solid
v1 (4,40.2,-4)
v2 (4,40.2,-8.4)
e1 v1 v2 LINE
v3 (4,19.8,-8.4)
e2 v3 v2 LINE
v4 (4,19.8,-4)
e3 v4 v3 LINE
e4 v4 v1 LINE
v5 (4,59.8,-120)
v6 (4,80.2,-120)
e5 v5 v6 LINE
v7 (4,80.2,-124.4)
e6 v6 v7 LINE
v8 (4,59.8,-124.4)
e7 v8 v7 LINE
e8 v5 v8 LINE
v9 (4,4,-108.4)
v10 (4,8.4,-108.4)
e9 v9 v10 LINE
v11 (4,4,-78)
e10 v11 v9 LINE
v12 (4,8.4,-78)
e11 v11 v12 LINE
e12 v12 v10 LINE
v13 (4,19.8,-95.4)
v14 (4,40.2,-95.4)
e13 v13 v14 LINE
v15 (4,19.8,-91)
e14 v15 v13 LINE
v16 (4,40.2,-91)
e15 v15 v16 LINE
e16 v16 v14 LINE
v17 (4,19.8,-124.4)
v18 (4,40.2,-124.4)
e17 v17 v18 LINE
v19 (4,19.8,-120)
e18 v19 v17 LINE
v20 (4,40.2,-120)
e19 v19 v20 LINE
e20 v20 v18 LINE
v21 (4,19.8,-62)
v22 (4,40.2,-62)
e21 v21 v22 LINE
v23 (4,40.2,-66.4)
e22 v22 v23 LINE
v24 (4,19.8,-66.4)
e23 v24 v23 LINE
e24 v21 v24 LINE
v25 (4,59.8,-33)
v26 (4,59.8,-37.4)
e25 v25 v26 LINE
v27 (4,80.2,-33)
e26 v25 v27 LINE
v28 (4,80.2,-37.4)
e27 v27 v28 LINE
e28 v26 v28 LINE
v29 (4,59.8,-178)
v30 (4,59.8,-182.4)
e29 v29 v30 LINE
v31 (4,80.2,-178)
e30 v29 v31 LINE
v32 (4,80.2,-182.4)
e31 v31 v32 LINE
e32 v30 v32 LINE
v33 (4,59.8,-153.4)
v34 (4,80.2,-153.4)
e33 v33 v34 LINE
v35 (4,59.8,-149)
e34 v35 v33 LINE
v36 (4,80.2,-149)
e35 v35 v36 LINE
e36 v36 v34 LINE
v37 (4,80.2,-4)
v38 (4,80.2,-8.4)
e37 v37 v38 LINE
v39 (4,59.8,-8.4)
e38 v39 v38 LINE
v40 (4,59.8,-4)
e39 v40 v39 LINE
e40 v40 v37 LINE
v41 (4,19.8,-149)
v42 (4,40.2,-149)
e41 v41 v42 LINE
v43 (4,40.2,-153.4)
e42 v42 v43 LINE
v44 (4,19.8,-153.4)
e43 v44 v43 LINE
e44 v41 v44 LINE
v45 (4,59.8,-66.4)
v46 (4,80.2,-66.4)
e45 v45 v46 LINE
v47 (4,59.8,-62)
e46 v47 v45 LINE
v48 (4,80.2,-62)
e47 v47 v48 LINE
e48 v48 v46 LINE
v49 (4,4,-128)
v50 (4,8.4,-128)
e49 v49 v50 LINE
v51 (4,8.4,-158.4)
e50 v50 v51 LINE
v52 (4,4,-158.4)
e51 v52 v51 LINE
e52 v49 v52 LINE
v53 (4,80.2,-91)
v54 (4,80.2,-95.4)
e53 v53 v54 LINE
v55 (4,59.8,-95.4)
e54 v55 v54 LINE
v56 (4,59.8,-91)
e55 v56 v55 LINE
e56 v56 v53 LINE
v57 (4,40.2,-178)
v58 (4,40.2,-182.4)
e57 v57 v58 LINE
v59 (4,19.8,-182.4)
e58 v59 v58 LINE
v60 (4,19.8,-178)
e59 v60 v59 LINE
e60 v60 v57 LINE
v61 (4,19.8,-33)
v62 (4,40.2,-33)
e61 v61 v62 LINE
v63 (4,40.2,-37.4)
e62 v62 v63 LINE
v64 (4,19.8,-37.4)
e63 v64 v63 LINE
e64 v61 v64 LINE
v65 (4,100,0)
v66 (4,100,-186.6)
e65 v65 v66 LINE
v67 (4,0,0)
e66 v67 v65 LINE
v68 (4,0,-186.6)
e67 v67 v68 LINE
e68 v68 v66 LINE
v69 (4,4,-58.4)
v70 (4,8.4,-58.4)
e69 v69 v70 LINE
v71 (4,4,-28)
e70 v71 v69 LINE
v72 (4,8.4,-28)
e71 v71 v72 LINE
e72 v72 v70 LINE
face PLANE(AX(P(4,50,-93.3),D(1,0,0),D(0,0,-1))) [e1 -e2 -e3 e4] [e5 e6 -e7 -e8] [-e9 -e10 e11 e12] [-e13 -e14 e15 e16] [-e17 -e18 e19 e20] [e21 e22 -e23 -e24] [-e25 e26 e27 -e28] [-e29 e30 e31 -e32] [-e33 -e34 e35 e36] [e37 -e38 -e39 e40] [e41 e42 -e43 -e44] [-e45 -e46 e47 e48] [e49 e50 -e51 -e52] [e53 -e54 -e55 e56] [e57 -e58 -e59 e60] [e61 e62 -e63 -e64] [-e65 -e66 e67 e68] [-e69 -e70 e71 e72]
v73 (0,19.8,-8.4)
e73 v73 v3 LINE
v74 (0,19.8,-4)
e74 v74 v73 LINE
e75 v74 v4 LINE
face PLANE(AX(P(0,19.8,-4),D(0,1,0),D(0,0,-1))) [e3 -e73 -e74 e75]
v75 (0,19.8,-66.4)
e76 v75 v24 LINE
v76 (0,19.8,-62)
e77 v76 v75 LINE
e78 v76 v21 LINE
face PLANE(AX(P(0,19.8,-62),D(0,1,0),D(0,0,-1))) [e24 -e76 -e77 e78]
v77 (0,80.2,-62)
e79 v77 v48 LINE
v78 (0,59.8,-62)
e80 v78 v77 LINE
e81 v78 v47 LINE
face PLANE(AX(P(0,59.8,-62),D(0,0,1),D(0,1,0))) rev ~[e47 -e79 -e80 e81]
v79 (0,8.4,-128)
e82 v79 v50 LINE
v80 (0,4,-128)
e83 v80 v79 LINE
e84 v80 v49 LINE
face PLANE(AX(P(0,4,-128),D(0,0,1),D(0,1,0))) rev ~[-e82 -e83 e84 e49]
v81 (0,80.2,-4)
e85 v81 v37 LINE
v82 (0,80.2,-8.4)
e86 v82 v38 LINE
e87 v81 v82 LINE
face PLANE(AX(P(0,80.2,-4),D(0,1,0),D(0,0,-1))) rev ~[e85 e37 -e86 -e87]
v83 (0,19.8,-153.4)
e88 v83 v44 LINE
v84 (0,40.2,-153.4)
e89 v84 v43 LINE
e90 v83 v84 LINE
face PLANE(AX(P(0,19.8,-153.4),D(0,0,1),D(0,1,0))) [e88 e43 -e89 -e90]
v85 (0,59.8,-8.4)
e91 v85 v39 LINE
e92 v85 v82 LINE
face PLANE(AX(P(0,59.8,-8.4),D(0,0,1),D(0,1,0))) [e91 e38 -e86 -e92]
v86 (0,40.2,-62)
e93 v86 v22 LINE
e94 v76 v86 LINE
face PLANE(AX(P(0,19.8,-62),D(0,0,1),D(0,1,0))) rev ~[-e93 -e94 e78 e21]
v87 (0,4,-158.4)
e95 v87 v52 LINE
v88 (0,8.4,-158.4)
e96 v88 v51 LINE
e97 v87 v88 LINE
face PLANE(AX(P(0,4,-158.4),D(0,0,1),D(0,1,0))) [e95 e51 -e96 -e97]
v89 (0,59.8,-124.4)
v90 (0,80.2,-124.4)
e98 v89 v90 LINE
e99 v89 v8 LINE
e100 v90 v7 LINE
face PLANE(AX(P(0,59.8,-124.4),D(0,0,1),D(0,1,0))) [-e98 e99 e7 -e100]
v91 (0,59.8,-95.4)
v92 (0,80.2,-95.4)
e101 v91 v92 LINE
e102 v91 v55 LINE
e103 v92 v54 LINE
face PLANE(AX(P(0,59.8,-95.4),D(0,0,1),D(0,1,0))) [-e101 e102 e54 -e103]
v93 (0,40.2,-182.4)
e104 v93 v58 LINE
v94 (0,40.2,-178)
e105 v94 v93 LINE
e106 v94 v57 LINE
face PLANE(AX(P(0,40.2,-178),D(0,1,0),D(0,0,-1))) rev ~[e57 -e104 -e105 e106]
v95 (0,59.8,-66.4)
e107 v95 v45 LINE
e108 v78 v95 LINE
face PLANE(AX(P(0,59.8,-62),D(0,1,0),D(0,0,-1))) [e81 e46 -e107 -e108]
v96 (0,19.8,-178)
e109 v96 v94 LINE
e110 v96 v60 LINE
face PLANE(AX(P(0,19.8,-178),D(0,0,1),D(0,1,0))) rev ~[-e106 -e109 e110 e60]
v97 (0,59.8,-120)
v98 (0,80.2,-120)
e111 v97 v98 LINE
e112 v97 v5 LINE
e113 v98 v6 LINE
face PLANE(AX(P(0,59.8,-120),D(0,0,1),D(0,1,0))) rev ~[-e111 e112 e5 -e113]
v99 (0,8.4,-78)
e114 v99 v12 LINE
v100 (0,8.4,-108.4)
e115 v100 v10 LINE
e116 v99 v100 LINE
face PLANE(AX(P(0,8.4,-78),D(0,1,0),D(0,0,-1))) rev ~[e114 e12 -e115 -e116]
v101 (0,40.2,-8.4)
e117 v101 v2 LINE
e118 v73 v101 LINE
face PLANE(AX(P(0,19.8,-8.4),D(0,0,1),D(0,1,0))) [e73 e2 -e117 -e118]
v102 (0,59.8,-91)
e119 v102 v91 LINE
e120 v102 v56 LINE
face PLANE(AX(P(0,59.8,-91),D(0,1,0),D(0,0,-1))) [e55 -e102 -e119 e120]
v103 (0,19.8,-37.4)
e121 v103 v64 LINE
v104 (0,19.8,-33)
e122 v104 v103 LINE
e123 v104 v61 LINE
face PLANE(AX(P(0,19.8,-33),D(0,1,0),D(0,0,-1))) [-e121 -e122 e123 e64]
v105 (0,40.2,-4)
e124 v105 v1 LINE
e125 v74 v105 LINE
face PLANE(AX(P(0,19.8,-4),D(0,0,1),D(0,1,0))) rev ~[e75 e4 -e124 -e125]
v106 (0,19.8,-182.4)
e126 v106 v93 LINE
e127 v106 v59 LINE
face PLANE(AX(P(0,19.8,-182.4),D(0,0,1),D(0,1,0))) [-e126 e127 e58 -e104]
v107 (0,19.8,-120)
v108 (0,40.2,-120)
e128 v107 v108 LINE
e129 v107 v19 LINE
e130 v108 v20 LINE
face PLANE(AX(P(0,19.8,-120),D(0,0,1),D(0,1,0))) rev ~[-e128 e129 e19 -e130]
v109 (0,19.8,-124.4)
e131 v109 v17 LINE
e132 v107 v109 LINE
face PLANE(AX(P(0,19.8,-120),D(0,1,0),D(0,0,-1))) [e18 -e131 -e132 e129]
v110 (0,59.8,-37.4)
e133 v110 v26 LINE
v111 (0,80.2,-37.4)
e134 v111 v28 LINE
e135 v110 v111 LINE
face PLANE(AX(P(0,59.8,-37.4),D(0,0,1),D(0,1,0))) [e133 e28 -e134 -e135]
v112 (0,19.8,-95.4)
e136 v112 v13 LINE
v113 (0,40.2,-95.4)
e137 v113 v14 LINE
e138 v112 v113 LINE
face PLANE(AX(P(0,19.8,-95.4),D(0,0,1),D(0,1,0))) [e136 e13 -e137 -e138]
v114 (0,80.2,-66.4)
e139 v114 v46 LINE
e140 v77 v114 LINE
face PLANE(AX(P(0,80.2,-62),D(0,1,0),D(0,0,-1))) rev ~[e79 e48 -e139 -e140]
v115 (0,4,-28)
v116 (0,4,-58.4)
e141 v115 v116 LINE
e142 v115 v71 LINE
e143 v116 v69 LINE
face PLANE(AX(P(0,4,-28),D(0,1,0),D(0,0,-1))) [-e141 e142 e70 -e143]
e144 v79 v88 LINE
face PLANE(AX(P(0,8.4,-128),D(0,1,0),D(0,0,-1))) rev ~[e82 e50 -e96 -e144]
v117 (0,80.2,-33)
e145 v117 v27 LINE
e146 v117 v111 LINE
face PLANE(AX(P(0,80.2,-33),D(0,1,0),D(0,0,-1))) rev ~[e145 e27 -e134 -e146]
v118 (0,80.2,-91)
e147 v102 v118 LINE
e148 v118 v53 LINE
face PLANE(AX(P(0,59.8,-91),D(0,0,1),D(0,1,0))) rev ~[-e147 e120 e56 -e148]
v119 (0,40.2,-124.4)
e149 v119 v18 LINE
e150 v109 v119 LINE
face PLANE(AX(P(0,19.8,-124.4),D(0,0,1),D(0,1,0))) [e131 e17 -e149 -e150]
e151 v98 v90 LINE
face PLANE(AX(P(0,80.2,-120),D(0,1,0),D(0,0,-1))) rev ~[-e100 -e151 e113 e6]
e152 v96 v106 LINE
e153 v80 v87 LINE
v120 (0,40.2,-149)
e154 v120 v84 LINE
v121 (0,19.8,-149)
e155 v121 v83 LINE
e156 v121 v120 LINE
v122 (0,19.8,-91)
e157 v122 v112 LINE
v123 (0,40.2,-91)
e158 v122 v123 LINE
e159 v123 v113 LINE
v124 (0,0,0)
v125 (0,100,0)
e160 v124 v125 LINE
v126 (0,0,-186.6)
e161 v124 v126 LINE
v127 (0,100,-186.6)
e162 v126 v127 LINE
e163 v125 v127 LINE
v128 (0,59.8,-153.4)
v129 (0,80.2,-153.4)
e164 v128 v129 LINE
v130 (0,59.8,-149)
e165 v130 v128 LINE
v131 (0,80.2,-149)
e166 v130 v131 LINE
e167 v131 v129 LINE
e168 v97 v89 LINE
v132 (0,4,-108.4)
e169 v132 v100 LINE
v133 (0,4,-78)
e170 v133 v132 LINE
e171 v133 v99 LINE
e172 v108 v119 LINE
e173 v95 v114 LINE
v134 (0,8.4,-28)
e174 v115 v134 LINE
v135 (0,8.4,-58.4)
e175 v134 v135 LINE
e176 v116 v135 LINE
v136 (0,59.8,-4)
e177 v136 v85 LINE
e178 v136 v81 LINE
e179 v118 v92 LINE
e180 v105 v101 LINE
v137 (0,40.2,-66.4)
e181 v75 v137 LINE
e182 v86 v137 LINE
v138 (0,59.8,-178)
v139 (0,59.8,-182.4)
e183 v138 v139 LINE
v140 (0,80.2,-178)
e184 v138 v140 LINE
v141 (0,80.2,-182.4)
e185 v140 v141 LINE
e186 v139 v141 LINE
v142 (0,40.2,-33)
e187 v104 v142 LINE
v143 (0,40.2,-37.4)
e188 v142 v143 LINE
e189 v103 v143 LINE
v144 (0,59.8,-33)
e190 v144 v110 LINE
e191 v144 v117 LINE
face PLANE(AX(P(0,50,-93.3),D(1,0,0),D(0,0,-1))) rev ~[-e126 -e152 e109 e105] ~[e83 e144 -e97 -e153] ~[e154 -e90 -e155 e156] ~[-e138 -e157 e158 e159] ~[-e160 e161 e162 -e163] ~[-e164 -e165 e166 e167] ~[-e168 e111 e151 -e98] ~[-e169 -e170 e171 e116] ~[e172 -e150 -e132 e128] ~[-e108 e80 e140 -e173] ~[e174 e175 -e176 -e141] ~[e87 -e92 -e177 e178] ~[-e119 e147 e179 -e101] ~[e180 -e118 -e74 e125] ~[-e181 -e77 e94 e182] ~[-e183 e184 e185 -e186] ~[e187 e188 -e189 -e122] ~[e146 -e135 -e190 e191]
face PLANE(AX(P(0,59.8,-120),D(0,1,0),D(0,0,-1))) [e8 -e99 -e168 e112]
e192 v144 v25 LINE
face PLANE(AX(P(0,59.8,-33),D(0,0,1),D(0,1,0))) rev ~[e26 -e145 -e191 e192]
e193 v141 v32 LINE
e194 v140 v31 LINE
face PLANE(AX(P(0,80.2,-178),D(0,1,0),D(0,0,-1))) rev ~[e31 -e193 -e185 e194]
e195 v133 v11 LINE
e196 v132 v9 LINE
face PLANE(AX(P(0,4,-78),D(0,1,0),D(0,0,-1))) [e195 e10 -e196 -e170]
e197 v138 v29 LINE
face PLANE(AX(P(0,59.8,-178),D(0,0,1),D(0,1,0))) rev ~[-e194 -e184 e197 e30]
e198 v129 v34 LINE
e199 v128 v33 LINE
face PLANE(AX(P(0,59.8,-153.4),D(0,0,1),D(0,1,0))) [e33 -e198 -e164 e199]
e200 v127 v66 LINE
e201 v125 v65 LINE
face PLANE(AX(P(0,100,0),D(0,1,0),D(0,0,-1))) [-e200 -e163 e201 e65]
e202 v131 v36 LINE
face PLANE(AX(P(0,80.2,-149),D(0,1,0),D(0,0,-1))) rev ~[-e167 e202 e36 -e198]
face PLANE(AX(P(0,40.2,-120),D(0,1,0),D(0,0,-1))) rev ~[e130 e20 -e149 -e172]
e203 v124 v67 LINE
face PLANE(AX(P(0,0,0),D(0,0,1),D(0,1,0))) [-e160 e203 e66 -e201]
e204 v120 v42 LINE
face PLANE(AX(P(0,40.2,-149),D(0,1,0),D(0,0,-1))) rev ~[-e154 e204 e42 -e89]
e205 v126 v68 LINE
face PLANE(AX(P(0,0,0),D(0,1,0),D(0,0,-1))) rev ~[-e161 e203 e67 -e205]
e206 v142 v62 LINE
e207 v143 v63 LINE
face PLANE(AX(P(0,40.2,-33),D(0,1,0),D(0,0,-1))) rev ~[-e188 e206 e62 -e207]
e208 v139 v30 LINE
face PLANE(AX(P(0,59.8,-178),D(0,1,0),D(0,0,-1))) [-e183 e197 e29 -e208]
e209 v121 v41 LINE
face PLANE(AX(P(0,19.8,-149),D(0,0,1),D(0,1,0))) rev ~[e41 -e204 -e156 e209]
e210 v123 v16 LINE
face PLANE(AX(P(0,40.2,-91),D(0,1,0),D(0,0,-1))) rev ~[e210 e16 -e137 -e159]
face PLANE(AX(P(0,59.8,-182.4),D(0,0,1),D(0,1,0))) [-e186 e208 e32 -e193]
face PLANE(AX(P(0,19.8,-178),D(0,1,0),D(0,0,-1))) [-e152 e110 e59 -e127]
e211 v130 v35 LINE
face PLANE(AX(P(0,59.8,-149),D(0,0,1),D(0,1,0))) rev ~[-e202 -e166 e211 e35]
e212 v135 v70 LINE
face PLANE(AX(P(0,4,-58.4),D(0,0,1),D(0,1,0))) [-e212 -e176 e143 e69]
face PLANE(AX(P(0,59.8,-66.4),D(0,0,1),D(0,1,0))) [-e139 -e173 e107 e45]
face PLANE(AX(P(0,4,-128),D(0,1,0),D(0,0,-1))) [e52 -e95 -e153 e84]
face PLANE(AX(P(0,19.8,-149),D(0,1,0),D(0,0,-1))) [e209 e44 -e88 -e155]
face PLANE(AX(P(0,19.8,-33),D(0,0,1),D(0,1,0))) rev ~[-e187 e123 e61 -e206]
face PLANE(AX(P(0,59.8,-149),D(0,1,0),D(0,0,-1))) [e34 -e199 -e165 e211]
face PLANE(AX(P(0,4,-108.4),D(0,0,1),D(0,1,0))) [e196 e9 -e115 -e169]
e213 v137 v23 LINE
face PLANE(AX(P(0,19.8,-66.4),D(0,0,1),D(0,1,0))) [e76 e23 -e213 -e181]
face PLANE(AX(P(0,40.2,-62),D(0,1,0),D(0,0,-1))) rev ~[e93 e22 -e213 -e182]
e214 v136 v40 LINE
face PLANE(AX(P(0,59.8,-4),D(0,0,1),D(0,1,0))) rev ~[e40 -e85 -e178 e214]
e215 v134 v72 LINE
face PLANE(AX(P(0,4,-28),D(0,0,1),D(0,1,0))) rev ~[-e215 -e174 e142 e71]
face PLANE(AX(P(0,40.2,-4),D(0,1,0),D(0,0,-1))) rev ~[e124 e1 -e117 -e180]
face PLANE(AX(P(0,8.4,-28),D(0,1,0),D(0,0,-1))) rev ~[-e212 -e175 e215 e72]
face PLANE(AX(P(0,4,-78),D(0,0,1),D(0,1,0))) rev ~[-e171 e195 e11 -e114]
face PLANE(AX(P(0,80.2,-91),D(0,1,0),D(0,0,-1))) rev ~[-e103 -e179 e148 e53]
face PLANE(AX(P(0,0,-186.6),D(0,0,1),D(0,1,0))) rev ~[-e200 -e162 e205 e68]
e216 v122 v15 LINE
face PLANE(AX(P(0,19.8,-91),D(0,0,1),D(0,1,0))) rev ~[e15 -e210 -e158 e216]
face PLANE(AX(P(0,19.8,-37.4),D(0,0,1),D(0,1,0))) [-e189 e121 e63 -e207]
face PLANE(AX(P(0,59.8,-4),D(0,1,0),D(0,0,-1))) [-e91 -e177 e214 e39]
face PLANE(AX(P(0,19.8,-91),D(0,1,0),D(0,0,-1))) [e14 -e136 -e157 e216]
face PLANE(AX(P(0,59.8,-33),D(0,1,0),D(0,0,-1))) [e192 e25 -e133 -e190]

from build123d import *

# Parameters (mm, degrees)
SKETCH_1_W      = 186.6
SKETCH_1_H      = 100
SKETCH_1_W_2    = 4.4
SKETCH_1_H_2    = 20.4
SKETCH_1_W_3    = 30.4
SKETCH_1_H_3    = 4.4
EXTRUDE_1_DEPTH = 4


with BuildPart() as part:
    # Эскиз1 → Бобышка-Вытянуть1 (new body)
    with BuildSketch(Plane(origin=(0, 0, 0), x_dir=(0, 0, -1), z_dir=(1, 0, 0))):
        with Locations((93.3, 50)):
            Rectangle(SKETCH_1_W, SKETCH_1_H)
        with Locations((6.2, 30)):
            Rectangle(SKETCH_1_W_2, SKETCH_1_H_2, mode=Mode.SUBTRACT)
        with Locations((6.2, 70)):
            Rectangle(SKETCH_1_W_2, SKETCH_1_H_2, mode=Mode.SUBTRACT)
        with Locations((35.2, 70)):
            Rectangle(SKETCH_1_W_2, SKETCH_1_H_2, mode=Mode.SUBTRACT)
        with Locations((35.2, 30)):
            Rectangle(SKETCH_1_W_2, SKETCH_1_H_2, mode=Mode.SUBTRACT)
        with Locations((64.2, 70)):
            Rectangle(SKETCH_1_W_2, SKETCH_1_H_2, mode=Mode.SUBTRACT)
        with Locations((64.2, 30)):
            Rectangle(SKETCH_1_W_2, SKETCH_1_H_2, mode=Mode.SUBTRACT)
        with Locations((93.2, 70)):
            Rectangle(SKETCH_1_W_2, SKETCH_1_H_2, mode=Mode.SUBTRACT)
        with Locations((93.2, 30)):
            Rectangle(SKETCH_1_W_2, SKETCH_1_H_2, mode=Mode.SUBTRACT)
        with Locations((122.2, 70)):
            Rectangle(SKETCH_1_W_2, SKETCH_1_H_2, mode=Mode.SUBTRACT)
        with Locations((122.2, 30)):
            Rectangle(SKETCH_1_W_2, SKETCH_1_H_2, mode=Mode.SUBTRACT)
        with Locations((151.2, 70)):
            Rectangle(SKETCH_1_W_2, SKETCH_1_H_2, mode=Mode.SUBTRACT)
        with Locations((151.2, 30)):
            Rectangle(SKETCH_1_W_2, SKETCH_1_H_2, mode=Mode.SUBTRACT)
        with Locations((180.2, 70)):
            Rectangle(SKETCH_1_W_2, SKETCH_1_H_2, mode=Mode.SUBTRACT)
        with Locations((180.2, 30)):
            Rectangle(SKETCH_1_W_2, SKETCH_1_H_2, mode=Mode.SUBTRACT)
        with Locations((43.2, 6.2)):
            Rectangle(SKETCH_1_W_3, SKETCH_1_H_3, mode=Mode.SUBTRACT)
        with Locations((93.2, 6.2)):
            Rectangle(SKETCH_1_W_3, SKETCH_1_H_3, mode=Mode.SUBTRACT)
        with Locations((143.2, 6.2)):
            Rectangle(SKETCH_1_W_3, SKETCH_1_H_3, mode=Mode.SUBTRACT)
    extrude(amount=EXTRUDE_1_DEPTH)


solid = part.part
